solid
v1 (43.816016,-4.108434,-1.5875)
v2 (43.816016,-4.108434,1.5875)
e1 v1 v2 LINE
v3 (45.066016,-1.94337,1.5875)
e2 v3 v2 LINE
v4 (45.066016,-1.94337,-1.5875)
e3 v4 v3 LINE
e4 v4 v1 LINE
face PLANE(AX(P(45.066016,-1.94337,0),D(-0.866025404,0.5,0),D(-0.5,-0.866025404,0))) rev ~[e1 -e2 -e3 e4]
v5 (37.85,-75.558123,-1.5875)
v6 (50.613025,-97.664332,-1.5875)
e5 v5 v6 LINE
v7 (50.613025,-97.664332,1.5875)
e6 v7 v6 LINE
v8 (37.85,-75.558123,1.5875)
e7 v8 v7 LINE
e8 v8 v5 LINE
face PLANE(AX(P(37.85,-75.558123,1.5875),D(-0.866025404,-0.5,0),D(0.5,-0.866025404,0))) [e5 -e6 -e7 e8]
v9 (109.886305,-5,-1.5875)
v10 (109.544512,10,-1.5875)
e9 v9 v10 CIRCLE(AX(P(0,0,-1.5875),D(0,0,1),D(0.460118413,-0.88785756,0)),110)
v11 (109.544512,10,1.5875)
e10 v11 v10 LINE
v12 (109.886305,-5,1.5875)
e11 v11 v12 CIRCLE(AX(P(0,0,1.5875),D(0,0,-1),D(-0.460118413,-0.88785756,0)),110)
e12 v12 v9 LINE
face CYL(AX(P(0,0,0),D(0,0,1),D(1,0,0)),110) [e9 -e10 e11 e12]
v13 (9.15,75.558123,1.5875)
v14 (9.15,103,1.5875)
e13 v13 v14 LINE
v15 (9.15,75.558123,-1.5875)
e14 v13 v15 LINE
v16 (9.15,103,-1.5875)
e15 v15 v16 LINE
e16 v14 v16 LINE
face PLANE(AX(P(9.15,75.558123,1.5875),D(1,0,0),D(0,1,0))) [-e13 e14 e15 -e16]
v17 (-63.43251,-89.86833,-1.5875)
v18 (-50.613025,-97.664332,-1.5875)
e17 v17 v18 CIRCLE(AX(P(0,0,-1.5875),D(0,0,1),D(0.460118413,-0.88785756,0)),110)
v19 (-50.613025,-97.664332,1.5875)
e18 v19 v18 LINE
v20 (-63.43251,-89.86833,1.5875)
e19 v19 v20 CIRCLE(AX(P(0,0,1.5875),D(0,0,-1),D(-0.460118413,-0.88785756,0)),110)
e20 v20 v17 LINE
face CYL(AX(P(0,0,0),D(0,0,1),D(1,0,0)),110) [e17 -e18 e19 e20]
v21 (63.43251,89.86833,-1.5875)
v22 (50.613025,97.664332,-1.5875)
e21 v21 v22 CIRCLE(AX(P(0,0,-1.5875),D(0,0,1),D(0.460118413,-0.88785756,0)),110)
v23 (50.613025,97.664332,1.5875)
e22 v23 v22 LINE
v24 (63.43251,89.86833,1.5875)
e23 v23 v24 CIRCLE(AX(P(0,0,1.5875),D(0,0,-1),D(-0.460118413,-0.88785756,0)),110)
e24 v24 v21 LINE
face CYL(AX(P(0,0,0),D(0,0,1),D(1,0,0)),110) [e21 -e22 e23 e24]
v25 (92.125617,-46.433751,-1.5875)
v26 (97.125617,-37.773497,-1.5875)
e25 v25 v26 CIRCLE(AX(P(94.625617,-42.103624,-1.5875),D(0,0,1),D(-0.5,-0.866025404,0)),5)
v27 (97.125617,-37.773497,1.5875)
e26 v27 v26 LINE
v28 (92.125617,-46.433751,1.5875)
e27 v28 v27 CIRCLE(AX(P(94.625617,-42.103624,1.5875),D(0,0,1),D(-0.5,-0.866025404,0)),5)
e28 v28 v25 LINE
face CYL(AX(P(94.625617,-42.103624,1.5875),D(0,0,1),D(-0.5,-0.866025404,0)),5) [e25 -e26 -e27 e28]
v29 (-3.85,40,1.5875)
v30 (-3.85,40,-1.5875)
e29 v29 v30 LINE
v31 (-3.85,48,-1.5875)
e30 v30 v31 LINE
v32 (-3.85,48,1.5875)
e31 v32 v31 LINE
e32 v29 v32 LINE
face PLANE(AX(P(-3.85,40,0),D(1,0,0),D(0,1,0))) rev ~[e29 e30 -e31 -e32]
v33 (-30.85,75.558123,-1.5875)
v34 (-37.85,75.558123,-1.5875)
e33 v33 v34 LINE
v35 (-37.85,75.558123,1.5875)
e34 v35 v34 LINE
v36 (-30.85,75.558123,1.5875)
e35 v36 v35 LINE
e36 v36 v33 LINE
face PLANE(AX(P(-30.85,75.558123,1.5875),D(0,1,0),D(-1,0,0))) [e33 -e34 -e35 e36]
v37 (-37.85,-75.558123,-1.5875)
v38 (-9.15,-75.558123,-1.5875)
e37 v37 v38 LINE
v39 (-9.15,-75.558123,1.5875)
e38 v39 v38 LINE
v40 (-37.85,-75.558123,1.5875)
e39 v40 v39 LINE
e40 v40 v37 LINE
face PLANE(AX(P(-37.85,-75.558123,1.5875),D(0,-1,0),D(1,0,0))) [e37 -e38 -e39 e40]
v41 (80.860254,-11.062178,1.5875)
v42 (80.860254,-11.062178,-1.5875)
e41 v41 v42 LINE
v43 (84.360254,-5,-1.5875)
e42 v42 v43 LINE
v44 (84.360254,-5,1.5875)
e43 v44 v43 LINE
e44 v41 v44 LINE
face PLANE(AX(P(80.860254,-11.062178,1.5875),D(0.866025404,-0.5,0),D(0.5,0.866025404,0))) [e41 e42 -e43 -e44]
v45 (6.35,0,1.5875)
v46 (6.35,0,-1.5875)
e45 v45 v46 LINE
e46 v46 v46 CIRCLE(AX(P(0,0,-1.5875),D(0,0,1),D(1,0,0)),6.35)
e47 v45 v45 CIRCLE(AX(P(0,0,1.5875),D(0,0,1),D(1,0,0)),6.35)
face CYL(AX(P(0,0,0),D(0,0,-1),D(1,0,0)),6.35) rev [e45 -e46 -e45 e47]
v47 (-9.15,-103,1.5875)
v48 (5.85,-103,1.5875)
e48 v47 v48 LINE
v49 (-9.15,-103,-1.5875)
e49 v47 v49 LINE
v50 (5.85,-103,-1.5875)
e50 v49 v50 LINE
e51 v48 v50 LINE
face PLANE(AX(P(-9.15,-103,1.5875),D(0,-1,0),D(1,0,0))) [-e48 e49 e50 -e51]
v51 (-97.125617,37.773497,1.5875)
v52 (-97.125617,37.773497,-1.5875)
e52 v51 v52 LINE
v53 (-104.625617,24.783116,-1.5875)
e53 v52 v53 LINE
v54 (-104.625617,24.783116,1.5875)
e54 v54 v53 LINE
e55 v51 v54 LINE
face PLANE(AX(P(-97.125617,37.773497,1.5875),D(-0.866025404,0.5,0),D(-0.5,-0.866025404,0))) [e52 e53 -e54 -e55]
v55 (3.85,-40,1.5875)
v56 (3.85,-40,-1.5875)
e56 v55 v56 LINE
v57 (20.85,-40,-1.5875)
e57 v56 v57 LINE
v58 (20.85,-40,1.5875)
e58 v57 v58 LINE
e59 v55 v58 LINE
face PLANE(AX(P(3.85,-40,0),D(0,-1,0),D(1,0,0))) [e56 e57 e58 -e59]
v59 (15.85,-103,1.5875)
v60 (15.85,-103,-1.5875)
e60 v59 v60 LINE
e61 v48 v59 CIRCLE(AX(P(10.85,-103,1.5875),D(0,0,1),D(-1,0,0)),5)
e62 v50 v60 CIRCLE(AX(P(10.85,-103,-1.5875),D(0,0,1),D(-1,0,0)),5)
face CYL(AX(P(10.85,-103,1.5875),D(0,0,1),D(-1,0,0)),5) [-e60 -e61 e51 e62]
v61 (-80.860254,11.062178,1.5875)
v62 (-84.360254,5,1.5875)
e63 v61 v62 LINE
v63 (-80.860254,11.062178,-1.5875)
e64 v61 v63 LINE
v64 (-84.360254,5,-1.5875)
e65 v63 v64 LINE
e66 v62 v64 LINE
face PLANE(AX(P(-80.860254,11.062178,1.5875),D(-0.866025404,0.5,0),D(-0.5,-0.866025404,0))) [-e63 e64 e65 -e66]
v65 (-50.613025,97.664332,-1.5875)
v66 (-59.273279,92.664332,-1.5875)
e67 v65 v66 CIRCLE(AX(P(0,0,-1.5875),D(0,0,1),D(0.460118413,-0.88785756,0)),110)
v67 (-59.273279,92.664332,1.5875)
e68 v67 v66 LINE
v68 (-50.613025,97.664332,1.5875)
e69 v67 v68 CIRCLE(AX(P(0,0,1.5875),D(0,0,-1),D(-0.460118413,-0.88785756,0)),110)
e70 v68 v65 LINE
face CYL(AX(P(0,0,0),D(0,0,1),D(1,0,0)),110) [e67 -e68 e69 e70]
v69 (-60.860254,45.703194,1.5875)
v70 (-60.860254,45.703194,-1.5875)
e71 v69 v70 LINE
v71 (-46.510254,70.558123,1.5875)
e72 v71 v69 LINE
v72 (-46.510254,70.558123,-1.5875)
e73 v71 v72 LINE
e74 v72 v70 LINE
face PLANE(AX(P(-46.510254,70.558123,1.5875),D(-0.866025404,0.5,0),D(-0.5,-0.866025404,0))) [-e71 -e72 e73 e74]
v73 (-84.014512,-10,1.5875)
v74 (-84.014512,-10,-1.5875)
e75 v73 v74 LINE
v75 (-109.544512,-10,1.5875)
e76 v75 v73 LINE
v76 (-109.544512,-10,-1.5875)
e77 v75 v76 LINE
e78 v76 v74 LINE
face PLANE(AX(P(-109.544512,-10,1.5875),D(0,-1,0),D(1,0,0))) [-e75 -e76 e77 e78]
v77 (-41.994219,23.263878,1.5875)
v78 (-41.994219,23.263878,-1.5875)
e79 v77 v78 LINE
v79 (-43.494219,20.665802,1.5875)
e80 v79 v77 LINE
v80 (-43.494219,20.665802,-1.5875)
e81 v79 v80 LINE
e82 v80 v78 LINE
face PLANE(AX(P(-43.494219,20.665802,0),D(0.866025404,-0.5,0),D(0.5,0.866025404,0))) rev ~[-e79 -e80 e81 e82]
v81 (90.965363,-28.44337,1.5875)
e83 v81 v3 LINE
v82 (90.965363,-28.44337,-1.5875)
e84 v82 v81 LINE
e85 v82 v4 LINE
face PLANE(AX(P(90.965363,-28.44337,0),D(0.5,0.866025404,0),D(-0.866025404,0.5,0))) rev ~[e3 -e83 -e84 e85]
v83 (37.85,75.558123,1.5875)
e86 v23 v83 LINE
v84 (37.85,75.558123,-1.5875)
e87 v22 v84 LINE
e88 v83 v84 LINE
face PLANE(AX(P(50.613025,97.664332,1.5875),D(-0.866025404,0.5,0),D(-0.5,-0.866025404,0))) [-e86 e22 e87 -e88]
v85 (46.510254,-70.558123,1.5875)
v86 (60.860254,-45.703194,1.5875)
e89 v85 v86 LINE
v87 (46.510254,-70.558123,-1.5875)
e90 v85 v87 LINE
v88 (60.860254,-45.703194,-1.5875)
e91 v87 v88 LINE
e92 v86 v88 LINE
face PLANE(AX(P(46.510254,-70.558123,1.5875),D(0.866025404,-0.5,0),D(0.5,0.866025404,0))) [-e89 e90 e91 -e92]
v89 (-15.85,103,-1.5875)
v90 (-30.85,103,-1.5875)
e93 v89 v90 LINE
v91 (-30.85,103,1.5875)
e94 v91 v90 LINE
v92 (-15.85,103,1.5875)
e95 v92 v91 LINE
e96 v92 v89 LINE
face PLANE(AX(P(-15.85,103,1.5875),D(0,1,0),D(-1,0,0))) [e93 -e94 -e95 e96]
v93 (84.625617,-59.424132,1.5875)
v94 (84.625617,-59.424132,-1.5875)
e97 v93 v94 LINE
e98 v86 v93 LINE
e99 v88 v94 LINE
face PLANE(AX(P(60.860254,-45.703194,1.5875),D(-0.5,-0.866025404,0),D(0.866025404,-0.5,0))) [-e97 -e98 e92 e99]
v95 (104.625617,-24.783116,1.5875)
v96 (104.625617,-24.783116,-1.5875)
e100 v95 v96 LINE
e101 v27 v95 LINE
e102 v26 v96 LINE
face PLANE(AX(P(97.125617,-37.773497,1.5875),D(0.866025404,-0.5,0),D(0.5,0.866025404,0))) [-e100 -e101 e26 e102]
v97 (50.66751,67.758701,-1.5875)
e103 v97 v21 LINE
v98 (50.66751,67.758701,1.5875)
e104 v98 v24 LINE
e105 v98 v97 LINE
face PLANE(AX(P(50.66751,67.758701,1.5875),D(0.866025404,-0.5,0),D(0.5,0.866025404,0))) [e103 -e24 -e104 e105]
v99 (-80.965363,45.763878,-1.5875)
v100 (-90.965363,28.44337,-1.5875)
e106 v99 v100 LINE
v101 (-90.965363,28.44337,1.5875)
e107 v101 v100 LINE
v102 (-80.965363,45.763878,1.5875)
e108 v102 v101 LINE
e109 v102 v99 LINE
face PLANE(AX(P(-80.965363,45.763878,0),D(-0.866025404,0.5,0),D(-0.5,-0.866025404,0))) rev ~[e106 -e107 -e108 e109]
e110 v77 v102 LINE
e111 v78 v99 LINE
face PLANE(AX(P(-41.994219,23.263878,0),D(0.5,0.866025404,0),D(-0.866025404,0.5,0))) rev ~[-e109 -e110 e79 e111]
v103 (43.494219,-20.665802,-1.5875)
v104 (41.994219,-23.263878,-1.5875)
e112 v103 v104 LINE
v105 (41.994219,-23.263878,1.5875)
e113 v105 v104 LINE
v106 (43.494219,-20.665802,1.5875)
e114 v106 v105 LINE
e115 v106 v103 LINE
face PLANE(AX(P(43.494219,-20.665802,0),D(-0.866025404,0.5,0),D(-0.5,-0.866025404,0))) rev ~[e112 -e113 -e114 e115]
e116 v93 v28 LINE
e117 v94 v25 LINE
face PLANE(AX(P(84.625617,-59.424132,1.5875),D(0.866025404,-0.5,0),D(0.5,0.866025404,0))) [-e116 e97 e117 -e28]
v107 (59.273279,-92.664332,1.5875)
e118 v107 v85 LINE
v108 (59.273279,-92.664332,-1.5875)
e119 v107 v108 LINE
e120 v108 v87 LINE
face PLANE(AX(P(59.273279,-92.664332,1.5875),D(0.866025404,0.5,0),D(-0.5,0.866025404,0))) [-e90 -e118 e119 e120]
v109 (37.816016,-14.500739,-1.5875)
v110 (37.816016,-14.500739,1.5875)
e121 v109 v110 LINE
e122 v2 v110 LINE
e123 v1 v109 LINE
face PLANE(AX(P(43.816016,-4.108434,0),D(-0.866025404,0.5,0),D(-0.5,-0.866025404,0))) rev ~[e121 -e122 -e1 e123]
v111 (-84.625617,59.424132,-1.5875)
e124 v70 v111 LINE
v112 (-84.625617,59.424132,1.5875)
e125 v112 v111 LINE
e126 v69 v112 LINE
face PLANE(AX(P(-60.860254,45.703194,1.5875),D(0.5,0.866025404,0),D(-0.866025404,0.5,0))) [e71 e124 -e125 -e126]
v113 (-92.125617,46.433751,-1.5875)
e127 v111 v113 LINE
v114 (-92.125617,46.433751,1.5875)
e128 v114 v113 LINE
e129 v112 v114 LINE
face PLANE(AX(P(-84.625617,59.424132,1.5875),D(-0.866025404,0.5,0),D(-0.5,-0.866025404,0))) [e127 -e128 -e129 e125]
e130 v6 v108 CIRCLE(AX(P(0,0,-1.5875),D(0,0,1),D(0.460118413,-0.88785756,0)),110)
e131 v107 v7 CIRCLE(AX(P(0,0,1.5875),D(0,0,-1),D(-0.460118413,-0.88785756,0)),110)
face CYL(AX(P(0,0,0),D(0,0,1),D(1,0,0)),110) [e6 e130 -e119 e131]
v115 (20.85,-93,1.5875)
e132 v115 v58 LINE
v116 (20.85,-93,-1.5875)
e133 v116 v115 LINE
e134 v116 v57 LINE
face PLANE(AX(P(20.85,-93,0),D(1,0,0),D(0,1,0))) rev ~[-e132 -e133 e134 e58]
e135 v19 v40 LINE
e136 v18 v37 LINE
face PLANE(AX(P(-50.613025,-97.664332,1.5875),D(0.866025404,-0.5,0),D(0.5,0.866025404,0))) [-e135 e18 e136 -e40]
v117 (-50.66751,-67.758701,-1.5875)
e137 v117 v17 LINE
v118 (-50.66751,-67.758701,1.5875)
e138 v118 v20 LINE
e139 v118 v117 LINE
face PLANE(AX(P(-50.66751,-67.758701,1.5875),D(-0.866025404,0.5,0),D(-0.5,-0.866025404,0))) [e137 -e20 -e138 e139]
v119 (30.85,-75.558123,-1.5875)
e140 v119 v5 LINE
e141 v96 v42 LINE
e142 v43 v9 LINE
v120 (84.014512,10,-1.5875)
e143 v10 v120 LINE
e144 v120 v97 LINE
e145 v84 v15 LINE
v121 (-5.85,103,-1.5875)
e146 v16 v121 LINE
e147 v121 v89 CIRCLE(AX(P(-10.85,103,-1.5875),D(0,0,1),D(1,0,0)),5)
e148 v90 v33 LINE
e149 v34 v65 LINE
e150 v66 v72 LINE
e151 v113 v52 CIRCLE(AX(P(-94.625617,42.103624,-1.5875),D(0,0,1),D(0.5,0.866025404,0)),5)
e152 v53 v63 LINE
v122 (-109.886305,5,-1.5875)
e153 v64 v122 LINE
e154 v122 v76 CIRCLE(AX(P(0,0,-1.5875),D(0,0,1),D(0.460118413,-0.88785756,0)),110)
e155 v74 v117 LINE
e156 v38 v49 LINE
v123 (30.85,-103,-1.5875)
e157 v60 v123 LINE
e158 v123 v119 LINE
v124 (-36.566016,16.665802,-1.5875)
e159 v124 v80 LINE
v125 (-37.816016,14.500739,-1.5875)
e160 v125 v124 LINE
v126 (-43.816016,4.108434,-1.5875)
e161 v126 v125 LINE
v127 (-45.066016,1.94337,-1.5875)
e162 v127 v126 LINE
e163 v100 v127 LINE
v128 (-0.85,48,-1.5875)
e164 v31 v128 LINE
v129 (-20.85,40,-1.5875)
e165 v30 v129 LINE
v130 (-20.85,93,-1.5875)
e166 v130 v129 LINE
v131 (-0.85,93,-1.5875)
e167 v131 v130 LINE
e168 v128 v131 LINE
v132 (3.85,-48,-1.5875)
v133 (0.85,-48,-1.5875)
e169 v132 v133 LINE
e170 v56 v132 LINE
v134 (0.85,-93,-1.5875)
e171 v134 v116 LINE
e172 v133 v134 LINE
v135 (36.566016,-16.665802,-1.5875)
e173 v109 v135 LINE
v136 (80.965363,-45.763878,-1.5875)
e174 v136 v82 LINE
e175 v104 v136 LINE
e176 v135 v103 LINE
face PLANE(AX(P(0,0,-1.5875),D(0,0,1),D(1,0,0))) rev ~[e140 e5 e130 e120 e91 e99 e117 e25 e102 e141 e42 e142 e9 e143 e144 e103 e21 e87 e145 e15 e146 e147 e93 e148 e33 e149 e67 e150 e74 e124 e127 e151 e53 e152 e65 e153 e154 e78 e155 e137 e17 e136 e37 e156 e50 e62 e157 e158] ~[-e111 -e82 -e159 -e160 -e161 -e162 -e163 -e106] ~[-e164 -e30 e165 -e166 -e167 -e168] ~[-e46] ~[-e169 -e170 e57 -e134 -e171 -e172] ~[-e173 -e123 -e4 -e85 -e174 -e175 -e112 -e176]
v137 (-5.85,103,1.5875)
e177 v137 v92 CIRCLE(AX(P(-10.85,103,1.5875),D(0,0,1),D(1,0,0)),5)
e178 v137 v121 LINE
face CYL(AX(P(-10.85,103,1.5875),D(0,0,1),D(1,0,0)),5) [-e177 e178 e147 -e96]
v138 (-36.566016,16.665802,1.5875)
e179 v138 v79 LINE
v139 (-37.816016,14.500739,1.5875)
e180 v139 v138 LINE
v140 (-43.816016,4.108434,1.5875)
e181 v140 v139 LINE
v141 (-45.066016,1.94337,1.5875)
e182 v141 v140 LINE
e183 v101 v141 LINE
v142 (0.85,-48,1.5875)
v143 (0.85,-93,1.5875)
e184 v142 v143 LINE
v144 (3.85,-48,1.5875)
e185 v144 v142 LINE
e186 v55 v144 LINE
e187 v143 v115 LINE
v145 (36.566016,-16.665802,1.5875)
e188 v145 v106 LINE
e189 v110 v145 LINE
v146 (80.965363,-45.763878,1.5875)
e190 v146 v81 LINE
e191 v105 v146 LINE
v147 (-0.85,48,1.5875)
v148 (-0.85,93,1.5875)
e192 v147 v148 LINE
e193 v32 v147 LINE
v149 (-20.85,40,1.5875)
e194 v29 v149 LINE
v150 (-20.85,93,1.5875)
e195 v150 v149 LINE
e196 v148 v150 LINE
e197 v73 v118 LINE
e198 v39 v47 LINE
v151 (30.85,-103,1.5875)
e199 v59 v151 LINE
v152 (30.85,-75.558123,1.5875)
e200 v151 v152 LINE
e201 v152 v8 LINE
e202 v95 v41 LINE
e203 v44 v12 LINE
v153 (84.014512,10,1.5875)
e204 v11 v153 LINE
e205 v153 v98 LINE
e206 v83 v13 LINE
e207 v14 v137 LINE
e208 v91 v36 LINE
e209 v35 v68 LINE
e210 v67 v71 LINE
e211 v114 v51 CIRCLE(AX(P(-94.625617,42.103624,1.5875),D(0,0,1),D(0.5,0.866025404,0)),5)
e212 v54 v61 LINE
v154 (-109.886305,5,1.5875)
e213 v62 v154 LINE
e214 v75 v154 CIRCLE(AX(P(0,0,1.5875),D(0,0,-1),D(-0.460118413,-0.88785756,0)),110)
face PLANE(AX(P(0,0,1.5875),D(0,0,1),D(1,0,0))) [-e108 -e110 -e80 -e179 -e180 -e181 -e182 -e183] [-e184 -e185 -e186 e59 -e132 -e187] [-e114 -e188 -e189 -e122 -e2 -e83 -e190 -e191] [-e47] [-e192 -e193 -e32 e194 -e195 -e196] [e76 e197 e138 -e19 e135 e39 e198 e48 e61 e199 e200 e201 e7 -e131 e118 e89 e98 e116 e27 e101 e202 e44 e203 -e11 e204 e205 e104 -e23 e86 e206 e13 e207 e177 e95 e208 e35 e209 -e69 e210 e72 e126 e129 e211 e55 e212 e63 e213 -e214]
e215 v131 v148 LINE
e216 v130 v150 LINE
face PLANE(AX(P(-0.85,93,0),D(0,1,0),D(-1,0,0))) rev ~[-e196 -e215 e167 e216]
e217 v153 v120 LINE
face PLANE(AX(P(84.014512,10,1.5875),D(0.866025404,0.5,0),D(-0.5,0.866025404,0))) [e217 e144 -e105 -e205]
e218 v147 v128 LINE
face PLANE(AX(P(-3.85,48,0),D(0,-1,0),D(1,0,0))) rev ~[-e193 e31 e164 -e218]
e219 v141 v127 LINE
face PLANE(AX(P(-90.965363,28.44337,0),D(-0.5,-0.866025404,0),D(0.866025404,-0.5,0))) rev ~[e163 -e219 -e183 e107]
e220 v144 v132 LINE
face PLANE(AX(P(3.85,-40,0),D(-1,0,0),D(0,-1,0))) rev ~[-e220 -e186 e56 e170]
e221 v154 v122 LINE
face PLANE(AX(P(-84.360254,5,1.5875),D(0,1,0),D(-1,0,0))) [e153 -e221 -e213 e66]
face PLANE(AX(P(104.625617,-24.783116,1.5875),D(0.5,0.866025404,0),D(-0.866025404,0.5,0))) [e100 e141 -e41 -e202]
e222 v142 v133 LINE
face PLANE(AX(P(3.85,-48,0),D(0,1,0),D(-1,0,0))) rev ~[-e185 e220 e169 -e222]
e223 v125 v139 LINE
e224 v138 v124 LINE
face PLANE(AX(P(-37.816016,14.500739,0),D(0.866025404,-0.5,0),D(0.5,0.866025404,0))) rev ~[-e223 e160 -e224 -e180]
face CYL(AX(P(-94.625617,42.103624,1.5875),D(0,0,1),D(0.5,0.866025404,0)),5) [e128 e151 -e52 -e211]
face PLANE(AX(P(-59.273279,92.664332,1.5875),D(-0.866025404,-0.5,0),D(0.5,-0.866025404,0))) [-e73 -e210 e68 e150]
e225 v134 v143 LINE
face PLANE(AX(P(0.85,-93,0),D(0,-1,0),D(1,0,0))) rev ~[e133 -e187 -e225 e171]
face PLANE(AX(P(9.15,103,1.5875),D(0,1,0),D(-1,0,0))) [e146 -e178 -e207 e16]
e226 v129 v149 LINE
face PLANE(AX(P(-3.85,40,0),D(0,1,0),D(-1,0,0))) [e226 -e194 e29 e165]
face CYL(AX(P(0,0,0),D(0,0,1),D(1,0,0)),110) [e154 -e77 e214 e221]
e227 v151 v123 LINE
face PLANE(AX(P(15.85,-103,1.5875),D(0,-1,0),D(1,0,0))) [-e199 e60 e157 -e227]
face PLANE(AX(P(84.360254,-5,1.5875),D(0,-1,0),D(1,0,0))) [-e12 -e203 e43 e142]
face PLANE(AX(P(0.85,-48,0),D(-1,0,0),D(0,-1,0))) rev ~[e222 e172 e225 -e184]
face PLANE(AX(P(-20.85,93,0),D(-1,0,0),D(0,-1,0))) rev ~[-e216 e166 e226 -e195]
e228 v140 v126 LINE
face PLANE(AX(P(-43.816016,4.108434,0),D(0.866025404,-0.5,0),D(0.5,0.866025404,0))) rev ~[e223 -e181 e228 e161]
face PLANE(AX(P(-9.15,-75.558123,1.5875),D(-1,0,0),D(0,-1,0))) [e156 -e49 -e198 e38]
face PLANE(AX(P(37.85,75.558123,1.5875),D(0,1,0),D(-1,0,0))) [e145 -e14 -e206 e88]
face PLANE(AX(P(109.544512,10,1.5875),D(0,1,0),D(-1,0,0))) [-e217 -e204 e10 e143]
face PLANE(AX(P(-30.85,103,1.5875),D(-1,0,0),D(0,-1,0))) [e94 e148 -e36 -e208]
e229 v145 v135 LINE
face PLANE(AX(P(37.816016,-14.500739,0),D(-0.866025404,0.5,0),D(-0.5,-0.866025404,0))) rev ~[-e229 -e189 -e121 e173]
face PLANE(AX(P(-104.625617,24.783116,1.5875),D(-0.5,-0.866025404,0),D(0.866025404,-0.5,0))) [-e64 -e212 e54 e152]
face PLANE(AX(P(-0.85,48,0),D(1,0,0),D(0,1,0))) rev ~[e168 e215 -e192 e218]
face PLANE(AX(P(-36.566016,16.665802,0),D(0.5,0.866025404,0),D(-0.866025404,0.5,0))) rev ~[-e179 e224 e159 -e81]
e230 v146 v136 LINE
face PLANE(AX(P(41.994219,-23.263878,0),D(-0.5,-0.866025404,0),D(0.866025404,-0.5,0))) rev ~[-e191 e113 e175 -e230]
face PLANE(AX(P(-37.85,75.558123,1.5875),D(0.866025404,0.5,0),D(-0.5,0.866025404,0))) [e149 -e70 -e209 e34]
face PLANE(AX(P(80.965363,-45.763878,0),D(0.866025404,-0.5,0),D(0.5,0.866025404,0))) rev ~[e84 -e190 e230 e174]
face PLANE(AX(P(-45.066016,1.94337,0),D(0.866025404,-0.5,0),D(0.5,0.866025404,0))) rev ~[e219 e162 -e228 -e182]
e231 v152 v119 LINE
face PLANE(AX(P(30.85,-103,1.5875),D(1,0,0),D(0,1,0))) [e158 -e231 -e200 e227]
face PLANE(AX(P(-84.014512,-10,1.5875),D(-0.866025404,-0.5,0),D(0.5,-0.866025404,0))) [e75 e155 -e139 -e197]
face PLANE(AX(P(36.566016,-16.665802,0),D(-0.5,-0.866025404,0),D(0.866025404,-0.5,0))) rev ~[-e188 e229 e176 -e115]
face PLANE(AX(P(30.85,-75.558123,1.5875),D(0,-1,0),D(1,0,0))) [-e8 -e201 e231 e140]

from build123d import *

# Parameters (mm, degrees)
SKETCH1_R                = 110
SKETCH1_R_2              = 6.35
BOSS_EXTRUDE1_DEPTH      = 1.5875
CUT_EXTRUDE3_DEPTH       = 156.595888844
CIRPATTERN1_COUNT        = 2
CIRPATTERN2_COUNT        = 2
CIRPATTERN2_ANGLE        = 60
CIRPATTERN2_COPY_1_DEPTH = 156.595888844
CUT_EXTRUDE5_DEPTH       = 155.188458145


with BuildPart() as part:
    # Sketch1 → Boss-Extrude1 (new, symmetric)
    with BuildSketch(Plane.XY):
        Circle(SKETCH1_R)
        Circle(SKETCH1_R_2, mode=Mode.SUBTRACT)
        Polygon((-6.35, 40), (-3.85, 40), (-3.85, 48), (-0.85, 48), (-0.85, 93), (-20.85, 93), (-20.85, 40), (-18.35, 40), align=None, mode=Mode.SUBTRACT)
        Polygon((6.35, -40), (3.85, -40), (3.85, -48), (0.85, -48), (0.85, -93), (20.85, -93), (20.85, -40), (18.35, -40), align=None, mode=Mode.SUBTRACT)
        Polygon((37.816016151, -14.500738686), (36.566016151, -16.665802195), (43.494219382, -20.665802195), (41.994219382, -23.263878407), (80.965362552, -45.763878407), (90.965362552, -28.443370331), (45.066016151, -1.943370331), (43.816016151, -4.108433841), align=None, mode=Mode.SUBTRACT)
        Polygon((-37.816016151, 14.500738686), (-36.566016151, 16.665802195), (-43.494219382, 20.665802195), (-41.994219382, 23.263878407), (-80.965362552, 45.763878407), (-90.965362552, 28.443370331), (-45.066016151, 1.943370331), (-43.816016151, 4.108433841), align=None, mode=Mode.SUBTRACT)
    extrude(amount=BOSS_EXTRUDE1_DEPTH, both=True)

    # Sketch2 → Cut-Extrude3 (cut, through all)
    with BuildSketch(Plane.XY.offset(1.5875)):
        with BuildLine():
            Line((-50.613025421, -97.664331553), (-37.85, -75.558123066))
            Line((-37.85, -75.558123066), (-9.15, -75.558123066))
            Line((-9.15, -75.558123066), (-9.15, -103))
            Line((-9.15, -103), (5.85, -103))
            ThreePointArc((5.85, -103), (10.85, -108), (15.85, -103))
            Line((15.85, -103), (30.85, -103))
            Line((30.85, -103), (30.85, -75.558123066))
            Line((30.85, -75.558123066), (37.85, -75.558123066))
            Line((37.85, -75.558123066), (50.613025421, -97.664331553))
            ThreePointArc((50.613025421, -97.664331553), (0, -110), (-50.613025421, -97.664331553))
        make_face()
    cut_extrude3 = extrude(amount=-CUT_EXTRUDE3_DEPTH, mode=Mode.SUBTRACT)

    # CirPattern1: Cut-Extrude3 ×2 about axis
    cirpattern1_axis = Axis((0, 0, 0), (0, 0, 1))
    for i in range(1, CIRPATTERN1_COUNT):
        add(cut_extrude3.rotate(cirpattern1_axis, i * 360 / CIRPATTERN1_COUNT), mode=Mode.SUBTRACT)

    # CirPattern2: Cut-Extrude3 ×2 about axis
    cirpattern2_axis = Axis((0, 0, 0), (0, 0, 1))
    for i in range(1, CIRPATTERN2_COUNT):
        add(cut_extrude3.rotate(cirpattern2_axis, i * CIRPATTERN2_ANGLE / (CIRPATTERN2_COUNT - 1)), mode=Mode.SUBTRACT)

    # CirPattern2 copy 1 sketch → CirPattern2 copy 1 (cut, through all)
    with BuildSketch(Plane(origin=(0, 0, 1.5875), x_dir=(-0.4999999999999979, -0.8660254037844398, 0), z_dir=(0, 0, 1))):
        with BuildLine():
            Line((-50.613025421, -97.664331553), (-37.85, -75.558123066))
            Line((-37.85, -75.558123066), (-9.15, -75.558123066))
            Line((-9.15, -75.558123066), (-9.15, -103))
            Line((-9.15, -103), (5.85, -103))
            ThreePointArc((5.85, -103), (10.85, -108), (15.85, -103))
            Line((15.85, -103), (30.85, -103))
            Line((30.85, -103), (30.85, -75.558123066))
            Line((30.85, -75.558123066), (37.85, -75.558123066))
            Line((37.85, -75.558123066), (50.613025421, -97.664331553))
            ThreePointArc((50.613025421, -97.664331553), (0, -110), (-50.613025421, -97.664331553))
        make_face()
    extrude(amount=-CIRPATTERN2_COPY_1_DEPTH, mode=Mode.SUBTRACT)

    # Sketch5 → Cut-Extrude5 (cut, through all)
    with BuildSketch(Plane.XY.offset(1.5875)):
        with BuildLine():
            Line((-109.544511501, -10), (-84.014511501, -10))
            Line((-84.014511501, -10), (-50.667509788, -67.758701246))
            Line((-50.667509788, -67.758701246), (-63.432509788, -89.868329805))
            ThreePointArc((-63.432509788, -89.868329805), (-95.262794416, -55), (-109.544511501, -10))
        make_face()
        with BuildLine():
            Line((109.544511501, 10), (84.014511501, 10))
            Line((84.014511501, 10), (50.667509788, 67.758701246))
            Line((50.667509788, 67.758701246), (63.432509788, 89.868329805))
            ThreePointArc((63.432509788, 89.868329805), (95.262794416, 55), (109.544511501, 10))
        make_face()
    extrude(amount=-CUT_EXTRUDE5_DEPTH, mode=Mode.SUBTRACT)


solid = part.part
